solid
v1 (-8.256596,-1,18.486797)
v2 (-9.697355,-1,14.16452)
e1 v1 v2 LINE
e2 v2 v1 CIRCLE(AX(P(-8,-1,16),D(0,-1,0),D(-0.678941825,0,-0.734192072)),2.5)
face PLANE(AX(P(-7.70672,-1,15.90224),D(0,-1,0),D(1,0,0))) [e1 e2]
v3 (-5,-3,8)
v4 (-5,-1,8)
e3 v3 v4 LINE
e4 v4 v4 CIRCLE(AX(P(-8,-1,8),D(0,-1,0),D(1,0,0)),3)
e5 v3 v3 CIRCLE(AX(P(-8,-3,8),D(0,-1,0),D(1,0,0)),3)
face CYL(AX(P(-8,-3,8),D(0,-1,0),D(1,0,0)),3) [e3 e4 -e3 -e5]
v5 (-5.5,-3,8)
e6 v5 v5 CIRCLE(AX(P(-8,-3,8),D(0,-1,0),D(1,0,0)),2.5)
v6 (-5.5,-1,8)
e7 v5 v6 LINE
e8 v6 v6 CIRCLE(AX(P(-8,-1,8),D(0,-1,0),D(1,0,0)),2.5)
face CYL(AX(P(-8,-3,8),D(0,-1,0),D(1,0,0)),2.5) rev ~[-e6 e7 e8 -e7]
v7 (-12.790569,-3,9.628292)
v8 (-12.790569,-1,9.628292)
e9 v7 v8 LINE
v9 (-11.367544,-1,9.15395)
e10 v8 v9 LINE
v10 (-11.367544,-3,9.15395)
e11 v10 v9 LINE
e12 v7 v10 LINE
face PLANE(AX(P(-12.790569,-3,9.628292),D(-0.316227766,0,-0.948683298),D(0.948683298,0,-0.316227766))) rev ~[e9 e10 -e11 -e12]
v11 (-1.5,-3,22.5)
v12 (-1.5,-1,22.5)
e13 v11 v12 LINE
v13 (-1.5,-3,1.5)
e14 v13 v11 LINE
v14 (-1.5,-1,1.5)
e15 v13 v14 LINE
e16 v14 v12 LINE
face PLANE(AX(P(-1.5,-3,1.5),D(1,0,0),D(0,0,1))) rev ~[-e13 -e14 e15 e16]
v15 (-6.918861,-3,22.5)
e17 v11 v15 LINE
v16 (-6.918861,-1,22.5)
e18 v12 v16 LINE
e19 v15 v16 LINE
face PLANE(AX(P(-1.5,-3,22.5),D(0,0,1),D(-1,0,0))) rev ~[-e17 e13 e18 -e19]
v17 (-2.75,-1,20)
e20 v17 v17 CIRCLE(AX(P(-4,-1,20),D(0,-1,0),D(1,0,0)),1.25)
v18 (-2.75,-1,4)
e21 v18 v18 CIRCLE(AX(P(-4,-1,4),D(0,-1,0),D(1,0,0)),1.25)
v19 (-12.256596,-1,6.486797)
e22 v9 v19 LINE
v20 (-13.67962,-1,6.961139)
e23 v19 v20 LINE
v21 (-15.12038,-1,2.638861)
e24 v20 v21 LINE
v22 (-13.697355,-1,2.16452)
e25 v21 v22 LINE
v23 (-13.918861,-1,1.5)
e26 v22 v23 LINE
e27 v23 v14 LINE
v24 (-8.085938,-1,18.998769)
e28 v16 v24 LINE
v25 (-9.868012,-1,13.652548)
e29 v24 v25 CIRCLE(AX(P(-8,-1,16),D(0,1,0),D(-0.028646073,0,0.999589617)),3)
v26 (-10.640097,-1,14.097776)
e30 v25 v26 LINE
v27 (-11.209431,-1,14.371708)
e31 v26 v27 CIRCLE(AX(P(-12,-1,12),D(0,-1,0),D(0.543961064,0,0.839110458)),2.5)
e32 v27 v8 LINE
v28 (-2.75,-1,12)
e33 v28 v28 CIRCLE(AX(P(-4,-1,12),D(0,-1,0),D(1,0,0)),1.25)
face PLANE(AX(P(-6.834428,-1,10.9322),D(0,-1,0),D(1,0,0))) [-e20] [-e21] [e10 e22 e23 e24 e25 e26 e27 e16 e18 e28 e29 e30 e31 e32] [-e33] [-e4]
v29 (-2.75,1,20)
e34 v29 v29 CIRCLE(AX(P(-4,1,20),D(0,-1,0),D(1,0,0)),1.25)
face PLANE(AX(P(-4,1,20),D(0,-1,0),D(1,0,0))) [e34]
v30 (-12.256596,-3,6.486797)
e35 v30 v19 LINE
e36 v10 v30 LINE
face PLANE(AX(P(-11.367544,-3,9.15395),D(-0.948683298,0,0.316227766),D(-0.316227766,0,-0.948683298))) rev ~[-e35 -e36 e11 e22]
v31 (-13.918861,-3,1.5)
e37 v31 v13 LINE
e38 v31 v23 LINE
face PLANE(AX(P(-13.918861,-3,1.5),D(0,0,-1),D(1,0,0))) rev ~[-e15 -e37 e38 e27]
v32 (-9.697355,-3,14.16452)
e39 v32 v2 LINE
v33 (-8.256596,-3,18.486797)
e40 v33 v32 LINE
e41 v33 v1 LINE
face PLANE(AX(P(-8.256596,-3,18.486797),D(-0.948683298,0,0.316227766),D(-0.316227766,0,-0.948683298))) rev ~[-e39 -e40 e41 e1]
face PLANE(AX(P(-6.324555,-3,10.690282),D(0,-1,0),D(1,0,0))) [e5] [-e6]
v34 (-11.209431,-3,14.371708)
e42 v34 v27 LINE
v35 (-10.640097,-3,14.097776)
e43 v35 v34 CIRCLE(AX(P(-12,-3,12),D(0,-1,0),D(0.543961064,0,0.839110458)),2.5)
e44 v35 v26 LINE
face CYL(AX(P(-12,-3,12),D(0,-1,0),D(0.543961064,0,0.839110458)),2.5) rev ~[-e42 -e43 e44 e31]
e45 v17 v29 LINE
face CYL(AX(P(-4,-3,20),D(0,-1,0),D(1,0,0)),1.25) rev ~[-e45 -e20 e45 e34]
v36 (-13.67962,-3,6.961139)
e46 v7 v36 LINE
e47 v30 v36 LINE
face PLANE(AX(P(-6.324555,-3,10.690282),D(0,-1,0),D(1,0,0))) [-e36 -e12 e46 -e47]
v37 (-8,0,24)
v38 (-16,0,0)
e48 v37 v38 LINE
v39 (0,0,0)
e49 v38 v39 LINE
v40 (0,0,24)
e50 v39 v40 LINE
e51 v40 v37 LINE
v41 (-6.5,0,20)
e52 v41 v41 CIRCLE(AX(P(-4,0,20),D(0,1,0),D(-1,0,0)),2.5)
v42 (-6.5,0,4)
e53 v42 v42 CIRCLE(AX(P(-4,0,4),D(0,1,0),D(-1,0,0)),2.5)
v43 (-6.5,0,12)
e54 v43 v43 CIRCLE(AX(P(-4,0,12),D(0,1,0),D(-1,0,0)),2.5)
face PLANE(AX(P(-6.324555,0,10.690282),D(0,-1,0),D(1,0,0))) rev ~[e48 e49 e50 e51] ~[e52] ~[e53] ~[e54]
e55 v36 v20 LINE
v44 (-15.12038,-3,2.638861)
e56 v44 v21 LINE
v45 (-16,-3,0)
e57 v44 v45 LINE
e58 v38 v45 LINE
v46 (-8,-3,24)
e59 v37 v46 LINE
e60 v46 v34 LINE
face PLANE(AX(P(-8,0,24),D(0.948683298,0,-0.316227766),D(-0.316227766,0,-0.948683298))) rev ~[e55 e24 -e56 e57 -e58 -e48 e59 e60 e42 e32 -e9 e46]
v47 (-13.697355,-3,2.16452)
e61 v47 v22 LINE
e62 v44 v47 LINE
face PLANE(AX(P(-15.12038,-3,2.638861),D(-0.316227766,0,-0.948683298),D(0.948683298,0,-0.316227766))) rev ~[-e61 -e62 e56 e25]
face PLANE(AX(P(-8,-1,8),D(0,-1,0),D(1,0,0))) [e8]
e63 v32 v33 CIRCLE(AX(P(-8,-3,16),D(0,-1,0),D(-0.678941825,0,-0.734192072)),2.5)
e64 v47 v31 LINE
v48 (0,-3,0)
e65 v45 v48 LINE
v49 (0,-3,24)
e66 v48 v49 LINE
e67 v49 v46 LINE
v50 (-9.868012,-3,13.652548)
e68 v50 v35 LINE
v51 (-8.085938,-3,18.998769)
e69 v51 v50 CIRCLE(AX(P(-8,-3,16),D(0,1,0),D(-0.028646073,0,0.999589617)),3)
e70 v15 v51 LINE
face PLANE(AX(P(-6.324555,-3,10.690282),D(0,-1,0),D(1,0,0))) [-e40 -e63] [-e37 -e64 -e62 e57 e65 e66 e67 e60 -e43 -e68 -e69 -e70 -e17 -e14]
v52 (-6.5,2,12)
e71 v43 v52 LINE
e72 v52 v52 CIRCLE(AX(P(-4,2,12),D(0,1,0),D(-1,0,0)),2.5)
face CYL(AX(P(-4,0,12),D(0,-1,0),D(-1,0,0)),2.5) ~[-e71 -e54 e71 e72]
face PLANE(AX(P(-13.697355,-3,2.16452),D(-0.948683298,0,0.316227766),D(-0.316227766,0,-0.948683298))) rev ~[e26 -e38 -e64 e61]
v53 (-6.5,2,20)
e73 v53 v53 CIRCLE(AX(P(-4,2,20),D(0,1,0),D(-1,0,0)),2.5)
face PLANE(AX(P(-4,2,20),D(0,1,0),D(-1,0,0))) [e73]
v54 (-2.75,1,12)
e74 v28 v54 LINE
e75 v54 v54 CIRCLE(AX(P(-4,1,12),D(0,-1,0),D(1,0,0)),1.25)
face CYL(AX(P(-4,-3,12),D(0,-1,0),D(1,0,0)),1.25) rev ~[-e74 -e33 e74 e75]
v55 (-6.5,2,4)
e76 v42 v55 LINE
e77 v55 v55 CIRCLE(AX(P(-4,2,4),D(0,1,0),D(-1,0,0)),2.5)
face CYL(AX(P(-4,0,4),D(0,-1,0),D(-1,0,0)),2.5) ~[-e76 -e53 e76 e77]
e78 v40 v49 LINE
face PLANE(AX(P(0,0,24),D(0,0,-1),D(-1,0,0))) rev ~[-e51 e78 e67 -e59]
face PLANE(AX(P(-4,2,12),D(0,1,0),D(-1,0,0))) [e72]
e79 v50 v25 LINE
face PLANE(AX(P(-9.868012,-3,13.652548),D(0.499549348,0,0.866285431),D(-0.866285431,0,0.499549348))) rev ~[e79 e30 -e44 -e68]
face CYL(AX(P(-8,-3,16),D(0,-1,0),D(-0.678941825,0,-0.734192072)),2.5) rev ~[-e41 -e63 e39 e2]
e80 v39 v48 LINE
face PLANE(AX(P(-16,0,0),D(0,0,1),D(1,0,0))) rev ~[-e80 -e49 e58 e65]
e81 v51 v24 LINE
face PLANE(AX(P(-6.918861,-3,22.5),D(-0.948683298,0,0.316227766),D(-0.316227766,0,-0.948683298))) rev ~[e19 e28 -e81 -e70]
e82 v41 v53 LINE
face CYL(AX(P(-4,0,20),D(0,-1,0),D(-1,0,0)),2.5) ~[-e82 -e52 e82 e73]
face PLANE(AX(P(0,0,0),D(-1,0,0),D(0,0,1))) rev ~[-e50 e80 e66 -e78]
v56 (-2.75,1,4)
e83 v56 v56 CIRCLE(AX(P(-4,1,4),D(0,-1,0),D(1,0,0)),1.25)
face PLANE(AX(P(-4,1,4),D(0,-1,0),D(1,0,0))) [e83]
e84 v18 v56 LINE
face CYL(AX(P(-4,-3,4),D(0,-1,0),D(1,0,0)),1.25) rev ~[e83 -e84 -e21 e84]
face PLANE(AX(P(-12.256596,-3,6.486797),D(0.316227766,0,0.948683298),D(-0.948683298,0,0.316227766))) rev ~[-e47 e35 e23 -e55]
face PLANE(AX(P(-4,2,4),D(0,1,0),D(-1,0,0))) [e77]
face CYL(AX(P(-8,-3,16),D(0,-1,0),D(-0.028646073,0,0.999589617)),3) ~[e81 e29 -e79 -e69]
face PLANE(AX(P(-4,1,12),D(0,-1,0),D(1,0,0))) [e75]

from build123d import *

# Parameters (mm, degrees)
F1_DEPTH = 3
F2_R     = 2.5
F3_DEPTH = 2
F4_R     = 1.25
F5_DEPTH = 4
F6_R     = 3
F6_R_2   = 2.5
F7_DEPTH = 2


with BuildPart() as f1:
    # F0 (on Front) → F1 (new body)
    with BuildSketch(Plane.XZ):
        Polygon((-16, 0), (0, 0), (0, 24), (-8, 24), align=None)
    extrude(amount=F1_DEPTH)

    # F2 (on face) → F3 (join)
    with BuildSketch(Plane(origin=(0, 0, 0), x_dir=(-1, 0, 0), z_dir=(0, 1, 0))):
        with Locations((4, 20)):
            Circle(F2_R)
        with Locations((4, 12)):
            Circle(F2_R)
        with Locations((4, 4)):
            Circle(F2_R)
    extrude(amount=F3_DEPTH)

    # F4 (on face) → F5 (cut)
    with BuildSketch(Plane.XZ.offset(3)):
        with Locations((-4, 20)):
            Circle(F4_R)
        with Locations((-4, 12)):
            Circle(F4_R)
        with Locations((-4, 4)):
            Circle(F4_R)
    extrude(amount=-F5_DEPTH, mode=Mode.SUBTRACT)

    # F6 (on face) → F7 (cut)
    with BuildSketch(Plane.XZ.offset(3)):
        with BuildLine():
            Line((-13.9188611699, 1.5), (-1.5, 1.5))
            Line((-1.5, 1.5), (-1.5, 22.5))
            Line((-1.5, 22.5), (-6.9188611699, 22.5))
            Line((-6.9188611699, 22.5), (-8.0859382195, 18.9987688511))
            ThreePointArc((-8.0859382195, 18.9987688511), (-5.1539501058, 15.0513167019), (-9.8680118863, 13.6525478508))
            Line((-9.8680118863, 13.6525478508), (-10.6400973399, 14.0977761451))
            ThreePointArc((-10.6400973399, 14.0977761451), (-10.9160755398, 14.2527999833), (-11.209430585, 14.3717082451))
            Line((-11.209430585, 14.3717082451), (-12.790569415, 9.6282917549))
            Line((-12.790569415, 9.6282917549), (-11.367544468, 9.1539501058))
            Line((-11.367544468, 9.1539501058), (-12.2565955429, 6.486796881))
            Line((-12.2565955429, 6.486796881), (-13.67962049, 6.96113853))
            Line((-13.67962049, 6.96113853), (-15.12037951, 2.63886147))
            Line((-15.12037951, 2.63886147), (-13.6973545629, 2.1645198209))
            Line((-13.6973545629, 2.1645198209), (-13.9188611699, 1.5))
        make_face()
        with Locations((-8, 8)):
            Circle(F6_R, mode=Mode.SUBTRACT)
        with BuildLine():
            Line((-8.2565955429, 18.486796881), (-9.6973545629, 14.1645198209))
            ThreePointArc((-9.6973545629, 14.1645198209), (-5.6282917549, 15.209430585), (-8.2565955429, 18.486796881))
        make_face()
        with Locations((-8, 8)):
            Circle(F6_R_2)
    extrude(amount=-F7_DEPTH, mode=Mode.SUBTRACT)


solid = f1.part
